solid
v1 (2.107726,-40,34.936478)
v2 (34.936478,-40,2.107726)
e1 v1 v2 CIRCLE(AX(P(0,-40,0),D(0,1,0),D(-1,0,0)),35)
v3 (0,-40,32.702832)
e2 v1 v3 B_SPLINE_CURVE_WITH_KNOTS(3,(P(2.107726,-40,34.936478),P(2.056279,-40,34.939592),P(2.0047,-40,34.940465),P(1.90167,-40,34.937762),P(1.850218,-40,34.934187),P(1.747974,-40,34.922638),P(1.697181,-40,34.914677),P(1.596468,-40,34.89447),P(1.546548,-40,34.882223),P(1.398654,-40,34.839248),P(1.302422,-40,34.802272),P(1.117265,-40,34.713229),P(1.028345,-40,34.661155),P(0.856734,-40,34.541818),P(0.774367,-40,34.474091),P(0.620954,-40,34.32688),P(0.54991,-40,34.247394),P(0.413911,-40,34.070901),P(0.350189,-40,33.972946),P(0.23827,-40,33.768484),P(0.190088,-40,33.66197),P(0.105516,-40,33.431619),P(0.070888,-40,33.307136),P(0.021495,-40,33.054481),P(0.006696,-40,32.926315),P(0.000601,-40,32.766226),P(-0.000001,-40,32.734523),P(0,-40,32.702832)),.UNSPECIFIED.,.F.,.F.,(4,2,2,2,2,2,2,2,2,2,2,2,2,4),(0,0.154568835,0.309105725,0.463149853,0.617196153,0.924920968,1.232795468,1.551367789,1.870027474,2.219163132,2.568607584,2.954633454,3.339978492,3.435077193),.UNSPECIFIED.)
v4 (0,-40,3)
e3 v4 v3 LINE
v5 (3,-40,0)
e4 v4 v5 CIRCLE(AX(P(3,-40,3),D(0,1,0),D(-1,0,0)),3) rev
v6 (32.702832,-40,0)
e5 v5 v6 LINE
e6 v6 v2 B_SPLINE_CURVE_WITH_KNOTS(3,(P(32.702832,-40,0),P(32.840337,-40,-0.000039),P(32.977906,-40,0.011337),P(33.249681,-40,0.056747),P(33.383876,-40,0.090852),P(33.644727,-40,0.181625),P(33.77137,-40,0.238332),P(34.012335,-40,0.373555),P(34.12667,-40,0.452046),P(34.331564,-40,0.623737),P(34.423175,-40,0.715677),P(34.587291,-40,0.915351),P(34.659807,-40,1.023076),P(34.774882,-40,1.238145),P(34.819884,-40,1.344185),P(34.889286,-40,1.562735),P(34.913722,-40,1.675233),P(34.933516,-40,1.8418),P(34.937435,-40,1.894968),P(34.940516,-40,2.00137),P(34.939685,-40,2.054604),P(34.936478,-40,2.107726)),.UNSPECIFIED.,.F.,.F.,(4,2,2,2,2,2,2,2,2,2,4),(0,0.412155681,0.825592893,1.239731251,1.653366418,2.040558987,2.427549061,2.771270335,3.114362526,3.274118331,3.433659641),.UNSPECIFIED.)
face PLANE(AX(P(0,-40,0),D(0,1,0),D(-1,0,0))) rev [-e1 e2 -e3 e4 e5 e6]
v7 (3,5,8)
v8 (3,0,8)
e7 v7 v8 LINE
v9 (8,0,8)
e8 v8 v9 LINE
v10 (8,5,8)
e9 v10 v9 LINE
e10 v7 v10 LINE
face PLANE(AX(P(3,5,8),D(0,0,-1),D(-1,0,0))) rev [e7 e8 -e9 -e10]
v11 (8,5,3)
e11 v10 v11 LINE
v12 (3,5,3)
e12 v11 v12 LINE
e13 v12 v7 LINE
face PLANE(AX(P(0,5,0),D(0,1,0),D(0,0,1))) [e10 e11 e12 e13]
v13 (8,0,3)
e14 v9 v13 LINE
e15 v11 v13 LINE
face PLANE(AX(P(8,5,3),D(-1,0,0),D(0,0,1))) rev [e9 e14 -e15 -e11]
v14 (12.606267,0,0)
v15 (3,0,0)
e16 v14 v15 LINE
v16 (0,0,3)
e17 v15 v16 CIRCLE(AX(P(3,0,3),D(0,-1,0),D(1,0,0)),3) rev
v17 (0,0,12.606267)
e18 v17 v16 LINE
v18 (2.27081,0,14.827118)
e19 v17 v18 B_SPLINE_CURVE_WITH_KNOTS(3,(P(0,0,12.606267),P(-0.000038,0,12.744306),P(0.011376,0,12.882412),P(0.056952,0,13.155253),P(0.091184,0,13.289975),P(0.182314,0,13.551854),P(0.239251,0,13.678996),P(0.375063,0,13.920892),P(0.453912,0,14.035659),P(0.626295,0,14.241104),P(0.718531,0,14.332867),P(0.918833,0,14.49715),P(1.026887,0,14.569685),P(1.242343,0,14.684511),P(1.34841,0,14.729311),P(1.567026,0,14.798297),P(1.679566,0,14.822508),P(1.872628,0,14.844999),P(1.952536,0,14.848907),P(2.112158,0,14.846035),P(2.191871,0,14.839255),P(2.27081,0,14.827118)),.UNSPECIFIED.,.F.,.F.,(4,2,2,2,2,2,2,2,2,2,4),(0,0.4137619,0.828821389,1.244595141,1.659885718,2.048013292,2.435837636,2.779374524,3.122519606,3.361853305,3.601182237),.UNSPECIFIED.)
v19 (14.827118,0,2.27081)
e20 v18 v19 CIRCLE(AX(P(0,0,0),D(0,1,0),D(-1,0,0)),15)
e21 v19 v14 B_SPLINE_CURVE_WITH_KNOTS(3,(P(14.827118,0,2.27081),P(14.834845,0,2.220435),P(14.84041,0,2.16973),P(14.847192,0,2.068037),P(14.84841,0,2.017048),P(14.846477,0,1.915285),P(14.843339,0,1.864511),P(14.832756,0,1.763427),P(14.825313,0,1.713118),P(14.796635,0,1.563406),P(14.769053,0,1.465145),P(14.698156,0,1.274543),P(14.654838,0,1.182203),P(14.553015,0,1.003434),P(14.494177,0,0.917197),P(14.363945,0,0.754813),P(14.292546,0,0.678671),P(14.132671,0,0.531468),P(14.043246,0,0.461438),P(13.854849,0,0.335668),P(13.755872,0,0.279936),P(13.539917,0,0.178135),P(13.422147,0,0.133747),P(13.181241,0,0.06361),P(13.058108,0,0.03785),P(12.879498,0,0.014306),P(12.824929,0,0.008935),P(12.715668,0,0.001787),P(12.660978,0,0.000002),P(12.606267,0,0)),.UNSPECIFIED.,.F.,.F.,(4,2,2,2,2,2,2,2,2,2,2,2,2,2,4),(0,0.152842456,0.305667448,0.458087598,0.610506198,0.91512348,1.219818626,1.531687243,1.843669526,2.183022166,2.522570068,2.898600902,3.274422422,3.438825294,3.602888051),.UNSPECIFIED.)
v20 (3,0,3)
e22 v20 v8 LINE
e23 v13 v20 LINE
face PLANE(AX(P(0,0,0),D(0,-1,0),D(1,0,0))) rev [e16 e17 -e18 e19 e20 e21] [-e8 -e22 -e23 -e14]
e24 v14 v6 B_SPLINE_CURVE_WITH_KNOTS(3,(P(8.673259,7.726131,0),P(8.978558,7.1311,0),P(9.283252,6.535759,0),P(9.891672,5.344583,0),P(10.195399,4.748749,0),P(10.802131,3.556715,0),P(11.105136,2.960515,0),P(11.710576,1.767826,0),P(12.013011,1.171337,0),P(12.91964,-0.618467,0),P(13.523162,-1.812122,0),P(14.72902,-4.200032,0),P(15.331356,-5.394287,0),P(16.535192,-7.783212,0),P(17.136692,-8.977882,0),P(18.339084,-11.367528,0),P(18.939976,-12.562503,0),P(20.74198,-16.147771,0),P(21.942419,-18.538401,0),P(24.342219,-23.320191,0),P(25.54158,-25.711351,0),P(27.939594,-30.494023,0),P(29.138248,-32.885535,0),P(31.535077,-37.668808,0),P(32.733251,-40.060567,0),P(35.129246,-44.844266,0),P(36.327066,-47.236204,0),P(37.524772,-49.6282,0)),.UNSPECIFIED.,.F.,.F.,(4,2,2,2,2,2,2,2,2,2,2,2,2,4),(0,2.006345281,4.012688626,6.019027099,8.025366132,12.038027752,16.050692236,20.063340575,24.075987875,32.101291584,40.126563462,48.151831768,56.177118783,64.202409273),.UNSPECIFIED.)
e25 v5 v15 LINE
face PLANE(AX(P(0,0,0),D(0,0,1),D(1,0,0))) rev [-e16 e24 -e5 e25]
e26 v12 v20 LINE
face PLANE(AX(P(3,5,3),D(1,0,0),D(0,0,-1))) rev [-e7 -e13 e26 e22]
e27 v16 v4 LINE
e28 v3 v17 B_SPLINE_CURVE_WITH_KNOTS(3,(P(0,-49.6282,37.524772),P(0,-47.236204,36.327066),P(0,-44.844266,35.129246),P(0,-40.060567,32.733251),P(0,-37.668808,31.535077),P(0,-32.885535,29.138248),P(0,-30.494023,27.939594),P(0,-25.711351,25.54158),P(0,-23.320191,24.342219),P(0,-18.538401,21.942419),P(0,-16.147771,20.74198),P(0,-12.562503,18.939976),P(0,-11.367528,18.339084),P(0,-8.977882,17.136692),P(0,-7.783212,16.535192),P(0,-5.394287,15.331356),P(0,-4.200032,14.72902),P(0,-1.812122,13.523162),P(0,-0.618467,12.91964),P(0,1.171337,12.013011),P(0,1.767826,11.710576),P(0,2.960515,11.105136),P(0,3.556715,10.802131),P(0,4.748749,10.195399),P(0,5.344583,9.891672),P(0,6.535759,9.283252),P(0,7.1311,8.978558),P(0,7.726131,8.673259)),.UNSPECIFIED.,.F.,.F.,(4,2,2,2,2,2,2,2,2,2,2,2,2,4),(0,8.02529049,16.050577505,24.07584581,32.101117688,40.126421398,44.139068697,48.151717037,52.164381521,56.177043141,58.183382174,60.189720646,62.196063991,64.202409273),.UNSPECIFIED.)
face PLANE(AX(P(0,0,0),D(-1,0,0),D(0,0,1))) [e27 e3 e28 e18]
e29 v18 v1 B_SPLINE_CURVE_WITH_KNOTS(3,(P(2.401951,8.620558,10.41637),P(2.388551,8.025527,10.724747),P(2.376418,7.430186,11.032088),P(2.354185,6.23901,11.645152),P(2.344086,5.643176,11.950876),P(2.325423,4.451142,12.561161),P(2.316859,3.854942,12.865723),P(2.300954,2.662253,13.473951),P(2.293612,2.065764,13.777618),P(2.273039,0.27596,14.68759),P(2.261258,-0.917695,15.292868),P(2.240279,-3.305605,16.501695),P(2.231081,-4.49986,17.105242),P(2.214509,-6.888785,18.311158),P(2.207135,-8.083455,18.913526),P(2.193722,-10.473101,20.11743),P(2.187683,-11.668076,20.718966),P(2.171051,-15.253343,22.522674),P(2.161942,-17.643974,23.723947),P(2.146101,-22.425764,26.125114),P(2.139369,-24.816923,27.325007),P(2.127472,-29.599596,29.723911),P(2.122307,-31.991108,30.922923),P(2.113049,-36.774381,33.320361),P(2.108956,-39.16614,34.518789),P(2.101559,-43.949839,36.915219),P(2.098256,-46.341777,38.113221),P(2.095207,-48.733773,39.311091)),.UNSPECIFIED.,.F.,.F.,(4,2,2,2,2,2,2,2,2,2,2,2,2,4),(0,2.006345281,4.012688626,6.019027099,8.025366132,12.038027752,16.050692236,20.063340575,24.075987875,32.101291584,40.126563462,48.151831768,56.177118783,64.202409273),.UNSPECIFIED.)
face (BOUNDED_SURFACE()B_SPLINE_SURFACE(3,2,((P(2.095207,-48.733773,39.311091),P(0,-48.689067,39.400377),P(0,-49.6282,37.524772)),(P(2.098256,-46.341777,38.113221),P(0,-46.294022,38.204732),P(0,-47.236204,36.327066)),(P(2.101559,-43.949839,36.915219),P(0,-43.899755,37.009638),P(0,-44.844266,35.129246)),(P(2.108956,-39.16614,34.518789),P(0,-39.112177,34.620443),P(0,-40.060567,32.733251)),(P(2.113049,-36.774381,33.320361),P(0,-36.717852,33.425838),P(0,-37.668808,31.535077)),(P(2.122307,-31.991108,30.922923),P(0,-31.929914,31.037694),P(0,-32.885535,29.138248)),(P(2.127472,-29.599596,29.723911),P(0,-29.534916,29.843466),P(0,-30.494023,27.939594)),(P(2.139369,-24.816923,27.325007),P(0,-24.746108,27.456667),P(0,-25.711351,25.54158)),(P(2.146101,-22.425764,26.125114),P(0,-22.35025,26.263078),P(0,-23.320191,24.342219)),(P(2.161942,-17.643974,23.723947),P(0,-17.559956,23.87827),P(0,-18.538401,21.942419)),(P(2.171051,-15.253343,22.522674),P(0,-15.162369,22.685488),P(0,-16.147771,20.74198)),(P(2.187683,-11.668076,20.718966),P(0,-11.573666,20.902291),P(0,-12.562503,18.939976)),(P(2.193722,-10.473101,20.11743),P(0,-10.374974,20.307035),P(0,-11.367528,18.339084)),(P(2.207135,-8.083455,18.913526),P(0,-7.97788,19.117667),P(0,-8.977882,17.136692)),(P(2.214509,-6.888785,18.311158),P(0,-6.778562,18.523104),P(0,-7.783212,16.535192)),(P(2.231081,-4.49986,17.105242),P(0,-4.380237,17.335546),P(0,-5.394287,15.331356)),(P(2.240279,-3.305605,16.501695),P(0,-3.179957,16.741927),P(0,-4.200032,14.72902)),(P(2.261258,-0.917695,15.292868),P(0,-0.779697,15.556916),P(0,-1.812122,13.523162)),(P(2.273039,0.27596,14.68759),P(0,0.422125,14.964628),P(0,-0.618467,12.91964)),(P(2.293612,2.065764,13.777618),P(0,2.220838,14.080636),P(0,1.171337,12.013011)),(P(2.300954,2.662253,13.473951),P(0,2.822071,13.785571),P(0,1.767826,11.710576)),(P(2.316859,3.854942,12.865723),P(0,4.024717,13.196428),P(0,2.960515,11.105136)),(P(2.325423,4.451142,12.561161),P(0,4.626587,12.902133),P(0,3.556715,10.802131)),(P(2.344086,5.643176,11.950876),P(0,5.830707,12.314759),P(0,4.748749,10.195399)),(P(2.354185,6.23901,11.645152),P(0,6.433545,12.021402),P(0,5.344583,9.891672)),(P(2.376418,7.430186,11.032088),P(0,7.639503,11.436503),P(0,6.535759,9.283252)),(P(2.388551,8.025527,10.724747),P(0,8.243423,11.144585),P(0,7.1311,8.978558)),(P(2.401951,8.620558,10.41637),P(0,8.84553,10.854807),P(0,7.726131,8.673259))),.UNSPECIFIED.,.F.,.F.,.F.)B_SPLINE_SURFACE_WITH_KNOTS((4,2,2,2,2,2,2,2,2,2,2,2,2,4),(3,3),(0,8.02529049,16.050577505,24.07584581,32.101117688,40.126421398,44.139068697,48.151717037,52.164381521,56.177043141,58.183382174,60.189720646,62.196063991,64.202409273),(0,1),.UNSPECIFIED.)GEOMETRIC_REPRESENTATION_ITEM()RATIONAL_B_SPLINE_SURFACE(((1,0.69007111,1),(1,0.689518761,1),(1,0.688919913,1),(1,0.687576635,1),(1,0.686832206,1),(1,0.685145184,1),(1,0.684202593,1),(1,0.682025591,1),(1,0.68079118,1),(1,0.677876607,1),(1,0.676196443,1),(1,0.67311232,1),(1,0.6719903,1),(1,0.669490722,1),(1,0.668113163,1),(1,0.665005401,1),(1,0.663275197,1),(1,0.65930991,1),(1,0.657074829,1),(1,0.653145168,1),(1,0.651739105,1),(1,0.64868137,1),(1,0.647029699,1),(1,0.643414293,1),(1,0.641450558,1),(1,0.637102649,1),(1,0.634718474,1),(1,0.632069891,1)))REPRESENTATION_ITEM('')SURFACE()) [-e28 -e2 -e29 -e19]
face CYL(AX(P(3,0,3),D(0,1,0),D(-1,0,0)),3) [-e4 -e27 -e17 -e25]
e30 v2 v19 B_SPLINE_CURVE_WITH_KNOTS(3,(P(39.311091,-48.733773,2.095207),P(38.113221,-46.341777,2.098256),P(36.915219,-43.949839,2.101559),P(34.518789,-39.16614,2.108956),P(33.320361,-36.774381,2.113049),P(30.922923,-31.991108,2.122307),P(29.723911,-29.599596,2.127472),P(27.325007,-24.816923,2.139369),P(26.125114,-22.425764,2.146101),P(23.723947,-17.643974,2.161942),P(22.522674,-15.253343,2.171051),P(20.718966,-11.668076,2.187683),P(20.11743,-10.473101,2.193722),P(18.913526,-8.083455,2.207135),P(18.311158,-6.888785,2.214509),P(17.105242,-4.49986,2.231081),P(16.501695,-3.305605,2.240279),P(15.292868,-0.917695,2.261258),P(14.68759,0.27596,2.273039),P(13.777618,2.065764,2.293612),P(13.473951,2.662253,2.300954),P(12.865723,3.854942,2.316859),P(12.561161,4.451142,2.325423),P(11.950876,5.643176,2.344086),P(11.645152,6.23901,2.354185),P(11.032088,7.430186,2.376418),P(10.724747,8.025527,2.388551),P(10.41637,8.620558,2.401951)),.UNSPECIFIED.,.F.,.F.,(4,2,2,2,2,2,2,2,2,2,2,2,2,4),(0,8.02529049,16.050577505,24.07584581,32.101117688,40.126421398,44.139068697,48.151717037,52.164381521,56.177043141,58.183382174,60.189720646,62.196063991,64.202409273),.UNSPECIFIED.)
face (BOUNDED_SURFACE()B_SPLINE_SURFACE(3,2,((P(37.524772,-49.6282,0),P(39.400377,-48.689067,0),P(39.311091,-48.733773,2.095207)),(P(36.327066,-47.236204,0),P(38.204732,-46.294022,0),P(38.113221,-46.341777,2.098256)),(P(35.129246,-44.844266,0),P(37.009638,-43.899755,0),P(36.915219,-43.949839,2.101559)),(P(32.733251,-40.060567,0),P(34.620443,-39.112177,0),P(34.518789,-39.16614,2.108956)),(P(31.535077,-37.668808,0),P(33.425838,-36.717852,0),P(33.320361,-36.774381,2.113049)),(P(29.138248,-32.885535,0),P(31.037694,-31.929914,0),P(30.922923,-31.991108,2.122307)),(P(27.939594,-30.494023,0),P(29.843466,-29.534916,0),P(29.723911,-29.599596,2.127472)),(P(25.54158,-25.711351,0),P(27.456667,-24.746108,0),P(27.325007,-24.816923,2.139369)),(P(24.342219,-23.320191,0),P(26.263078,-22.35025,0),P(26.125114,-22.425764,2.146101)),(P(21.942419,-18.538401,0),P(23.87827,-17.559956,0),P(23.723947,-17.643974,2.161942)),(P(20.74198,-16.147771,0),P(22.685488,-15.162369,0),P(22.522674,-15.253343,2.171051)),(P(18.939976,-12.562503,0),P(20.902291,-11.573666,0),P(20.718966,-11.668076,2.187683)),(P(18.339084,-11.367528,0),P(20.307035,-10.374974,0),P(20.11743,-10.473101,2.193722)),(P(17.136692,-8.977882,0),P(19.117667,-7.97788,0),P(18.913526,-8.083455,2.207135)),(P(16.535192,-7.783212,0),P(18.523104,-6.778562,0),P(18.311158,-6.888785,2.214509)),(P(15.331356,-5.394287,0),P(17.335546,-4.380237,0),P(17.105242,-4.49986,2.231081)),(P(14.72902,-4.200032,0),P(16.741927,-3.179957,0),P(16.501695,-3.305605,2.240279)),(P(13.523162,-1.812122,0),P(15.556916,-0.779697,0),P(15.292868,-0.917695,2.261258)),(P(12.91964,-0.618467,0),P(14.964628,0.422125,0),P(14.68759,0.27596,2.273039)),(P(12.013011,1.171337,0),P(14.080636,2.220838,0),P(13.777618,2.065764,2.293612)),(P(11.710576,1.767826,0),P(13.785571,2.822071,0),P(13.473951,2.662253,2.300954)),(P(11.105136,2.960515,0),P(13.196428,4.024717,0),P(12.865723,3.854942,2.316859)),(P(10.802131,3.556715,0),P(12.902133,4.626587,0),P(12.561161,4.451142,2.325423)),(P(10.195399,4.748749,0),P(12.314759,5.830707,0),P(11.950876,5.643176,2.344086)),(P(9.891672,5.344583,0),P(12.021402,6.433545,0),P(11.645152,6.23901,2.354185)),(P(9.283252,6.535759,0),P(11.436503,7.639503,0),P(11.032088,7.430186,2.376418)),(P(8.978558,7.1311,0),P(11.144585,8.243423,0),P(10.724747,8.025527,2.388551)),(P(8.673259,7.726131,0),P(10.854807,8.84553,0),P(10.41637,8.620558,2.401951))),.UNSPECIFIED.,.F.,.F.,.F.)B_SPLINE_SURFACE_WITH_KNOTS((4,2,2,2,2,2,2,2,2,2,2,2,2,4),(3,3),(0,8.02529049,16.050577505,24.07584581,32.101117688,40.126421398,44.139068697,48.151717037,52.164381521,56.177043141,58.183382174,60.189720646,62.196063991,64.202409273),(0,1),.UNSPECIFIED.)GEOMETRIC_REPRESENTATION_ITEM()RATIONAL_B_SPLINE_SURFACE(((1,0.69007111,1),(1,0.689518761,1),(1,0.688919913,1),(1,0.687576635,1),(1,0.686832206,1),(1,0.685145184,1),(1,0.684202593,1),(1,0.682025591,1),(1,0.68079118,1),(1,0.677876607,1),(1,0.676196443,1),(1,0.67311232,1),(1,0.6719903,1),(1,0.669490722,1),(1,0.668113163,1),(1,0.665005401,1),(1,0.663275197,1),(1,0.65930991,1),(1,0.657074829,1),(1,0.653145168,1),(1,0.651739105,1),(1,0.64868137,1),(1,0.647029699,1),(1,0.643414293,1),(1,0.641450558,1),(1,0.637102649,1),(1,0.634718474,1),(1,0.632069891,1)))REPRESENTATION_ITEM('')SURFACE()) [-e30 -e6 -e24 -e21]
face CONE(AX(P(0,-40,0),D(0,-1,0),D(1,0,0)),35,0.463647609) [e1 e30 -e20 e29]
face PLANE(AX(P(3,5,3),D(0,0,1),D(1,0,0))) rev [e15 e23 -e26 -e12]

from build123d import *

# Parameters (mm, degrees)
REVOLVE1_ANGLE      = 90
FILLET2_R           = 2
FILLET3_R           = 2
FILLET4_R           = 3
SKETCH2_W           = 5
SKETCH2_H           = 5
BOSS_EXTRUDE1_DEPTH = 5


with BuildPart() as part:
    # Sketch1 → Revolve1 (revolve)
    with BuildSketch(Plane.XY):
        Polygon((0, 0), (15, 0), (35, -40), (0, -40), align=None)
    revolve(axis=Axis((0, 0, 0), (0, -1, 0)), revolution_arc=REVOLVE1_ANGLE)

    # Fillet2
    fillet2_edges = [part.edges().sort_by_distance(p)[0] for p in [
        (0, -20, 25),
    ]]
    fillet(fillet2_edges, radius=FILLET2_R)

    # Fillet3
    fillet3_edges = [part.edges().sort_by_distance(p)[0] for p in [
        (25, -20, 0),
    ]]
    fillet(fillet3_edges, radius=FILLET3_R)

    # Fillet4
    fillet4_edges = [part.edges().sort_by_distance(p)[0] for p in [
        (0, -20, 0),
    ]]
    fillet(fillet4_edges, radius=FILLET4_R)

    # Sketch2 → Boss-Extrude1 (add)
    with BuildSketch(Plane(origin=(0, 0, 0), x_dir=(1, 0, 0), z_dir=(0, 1, 0))):
        with Locations((5.5, -5.5)):
            Rectangle(SKETCH2_W, SKETCH2_H)
    extrude(amount=BOSS_EXTRUDE1_DEPTH)


solid = part.part
